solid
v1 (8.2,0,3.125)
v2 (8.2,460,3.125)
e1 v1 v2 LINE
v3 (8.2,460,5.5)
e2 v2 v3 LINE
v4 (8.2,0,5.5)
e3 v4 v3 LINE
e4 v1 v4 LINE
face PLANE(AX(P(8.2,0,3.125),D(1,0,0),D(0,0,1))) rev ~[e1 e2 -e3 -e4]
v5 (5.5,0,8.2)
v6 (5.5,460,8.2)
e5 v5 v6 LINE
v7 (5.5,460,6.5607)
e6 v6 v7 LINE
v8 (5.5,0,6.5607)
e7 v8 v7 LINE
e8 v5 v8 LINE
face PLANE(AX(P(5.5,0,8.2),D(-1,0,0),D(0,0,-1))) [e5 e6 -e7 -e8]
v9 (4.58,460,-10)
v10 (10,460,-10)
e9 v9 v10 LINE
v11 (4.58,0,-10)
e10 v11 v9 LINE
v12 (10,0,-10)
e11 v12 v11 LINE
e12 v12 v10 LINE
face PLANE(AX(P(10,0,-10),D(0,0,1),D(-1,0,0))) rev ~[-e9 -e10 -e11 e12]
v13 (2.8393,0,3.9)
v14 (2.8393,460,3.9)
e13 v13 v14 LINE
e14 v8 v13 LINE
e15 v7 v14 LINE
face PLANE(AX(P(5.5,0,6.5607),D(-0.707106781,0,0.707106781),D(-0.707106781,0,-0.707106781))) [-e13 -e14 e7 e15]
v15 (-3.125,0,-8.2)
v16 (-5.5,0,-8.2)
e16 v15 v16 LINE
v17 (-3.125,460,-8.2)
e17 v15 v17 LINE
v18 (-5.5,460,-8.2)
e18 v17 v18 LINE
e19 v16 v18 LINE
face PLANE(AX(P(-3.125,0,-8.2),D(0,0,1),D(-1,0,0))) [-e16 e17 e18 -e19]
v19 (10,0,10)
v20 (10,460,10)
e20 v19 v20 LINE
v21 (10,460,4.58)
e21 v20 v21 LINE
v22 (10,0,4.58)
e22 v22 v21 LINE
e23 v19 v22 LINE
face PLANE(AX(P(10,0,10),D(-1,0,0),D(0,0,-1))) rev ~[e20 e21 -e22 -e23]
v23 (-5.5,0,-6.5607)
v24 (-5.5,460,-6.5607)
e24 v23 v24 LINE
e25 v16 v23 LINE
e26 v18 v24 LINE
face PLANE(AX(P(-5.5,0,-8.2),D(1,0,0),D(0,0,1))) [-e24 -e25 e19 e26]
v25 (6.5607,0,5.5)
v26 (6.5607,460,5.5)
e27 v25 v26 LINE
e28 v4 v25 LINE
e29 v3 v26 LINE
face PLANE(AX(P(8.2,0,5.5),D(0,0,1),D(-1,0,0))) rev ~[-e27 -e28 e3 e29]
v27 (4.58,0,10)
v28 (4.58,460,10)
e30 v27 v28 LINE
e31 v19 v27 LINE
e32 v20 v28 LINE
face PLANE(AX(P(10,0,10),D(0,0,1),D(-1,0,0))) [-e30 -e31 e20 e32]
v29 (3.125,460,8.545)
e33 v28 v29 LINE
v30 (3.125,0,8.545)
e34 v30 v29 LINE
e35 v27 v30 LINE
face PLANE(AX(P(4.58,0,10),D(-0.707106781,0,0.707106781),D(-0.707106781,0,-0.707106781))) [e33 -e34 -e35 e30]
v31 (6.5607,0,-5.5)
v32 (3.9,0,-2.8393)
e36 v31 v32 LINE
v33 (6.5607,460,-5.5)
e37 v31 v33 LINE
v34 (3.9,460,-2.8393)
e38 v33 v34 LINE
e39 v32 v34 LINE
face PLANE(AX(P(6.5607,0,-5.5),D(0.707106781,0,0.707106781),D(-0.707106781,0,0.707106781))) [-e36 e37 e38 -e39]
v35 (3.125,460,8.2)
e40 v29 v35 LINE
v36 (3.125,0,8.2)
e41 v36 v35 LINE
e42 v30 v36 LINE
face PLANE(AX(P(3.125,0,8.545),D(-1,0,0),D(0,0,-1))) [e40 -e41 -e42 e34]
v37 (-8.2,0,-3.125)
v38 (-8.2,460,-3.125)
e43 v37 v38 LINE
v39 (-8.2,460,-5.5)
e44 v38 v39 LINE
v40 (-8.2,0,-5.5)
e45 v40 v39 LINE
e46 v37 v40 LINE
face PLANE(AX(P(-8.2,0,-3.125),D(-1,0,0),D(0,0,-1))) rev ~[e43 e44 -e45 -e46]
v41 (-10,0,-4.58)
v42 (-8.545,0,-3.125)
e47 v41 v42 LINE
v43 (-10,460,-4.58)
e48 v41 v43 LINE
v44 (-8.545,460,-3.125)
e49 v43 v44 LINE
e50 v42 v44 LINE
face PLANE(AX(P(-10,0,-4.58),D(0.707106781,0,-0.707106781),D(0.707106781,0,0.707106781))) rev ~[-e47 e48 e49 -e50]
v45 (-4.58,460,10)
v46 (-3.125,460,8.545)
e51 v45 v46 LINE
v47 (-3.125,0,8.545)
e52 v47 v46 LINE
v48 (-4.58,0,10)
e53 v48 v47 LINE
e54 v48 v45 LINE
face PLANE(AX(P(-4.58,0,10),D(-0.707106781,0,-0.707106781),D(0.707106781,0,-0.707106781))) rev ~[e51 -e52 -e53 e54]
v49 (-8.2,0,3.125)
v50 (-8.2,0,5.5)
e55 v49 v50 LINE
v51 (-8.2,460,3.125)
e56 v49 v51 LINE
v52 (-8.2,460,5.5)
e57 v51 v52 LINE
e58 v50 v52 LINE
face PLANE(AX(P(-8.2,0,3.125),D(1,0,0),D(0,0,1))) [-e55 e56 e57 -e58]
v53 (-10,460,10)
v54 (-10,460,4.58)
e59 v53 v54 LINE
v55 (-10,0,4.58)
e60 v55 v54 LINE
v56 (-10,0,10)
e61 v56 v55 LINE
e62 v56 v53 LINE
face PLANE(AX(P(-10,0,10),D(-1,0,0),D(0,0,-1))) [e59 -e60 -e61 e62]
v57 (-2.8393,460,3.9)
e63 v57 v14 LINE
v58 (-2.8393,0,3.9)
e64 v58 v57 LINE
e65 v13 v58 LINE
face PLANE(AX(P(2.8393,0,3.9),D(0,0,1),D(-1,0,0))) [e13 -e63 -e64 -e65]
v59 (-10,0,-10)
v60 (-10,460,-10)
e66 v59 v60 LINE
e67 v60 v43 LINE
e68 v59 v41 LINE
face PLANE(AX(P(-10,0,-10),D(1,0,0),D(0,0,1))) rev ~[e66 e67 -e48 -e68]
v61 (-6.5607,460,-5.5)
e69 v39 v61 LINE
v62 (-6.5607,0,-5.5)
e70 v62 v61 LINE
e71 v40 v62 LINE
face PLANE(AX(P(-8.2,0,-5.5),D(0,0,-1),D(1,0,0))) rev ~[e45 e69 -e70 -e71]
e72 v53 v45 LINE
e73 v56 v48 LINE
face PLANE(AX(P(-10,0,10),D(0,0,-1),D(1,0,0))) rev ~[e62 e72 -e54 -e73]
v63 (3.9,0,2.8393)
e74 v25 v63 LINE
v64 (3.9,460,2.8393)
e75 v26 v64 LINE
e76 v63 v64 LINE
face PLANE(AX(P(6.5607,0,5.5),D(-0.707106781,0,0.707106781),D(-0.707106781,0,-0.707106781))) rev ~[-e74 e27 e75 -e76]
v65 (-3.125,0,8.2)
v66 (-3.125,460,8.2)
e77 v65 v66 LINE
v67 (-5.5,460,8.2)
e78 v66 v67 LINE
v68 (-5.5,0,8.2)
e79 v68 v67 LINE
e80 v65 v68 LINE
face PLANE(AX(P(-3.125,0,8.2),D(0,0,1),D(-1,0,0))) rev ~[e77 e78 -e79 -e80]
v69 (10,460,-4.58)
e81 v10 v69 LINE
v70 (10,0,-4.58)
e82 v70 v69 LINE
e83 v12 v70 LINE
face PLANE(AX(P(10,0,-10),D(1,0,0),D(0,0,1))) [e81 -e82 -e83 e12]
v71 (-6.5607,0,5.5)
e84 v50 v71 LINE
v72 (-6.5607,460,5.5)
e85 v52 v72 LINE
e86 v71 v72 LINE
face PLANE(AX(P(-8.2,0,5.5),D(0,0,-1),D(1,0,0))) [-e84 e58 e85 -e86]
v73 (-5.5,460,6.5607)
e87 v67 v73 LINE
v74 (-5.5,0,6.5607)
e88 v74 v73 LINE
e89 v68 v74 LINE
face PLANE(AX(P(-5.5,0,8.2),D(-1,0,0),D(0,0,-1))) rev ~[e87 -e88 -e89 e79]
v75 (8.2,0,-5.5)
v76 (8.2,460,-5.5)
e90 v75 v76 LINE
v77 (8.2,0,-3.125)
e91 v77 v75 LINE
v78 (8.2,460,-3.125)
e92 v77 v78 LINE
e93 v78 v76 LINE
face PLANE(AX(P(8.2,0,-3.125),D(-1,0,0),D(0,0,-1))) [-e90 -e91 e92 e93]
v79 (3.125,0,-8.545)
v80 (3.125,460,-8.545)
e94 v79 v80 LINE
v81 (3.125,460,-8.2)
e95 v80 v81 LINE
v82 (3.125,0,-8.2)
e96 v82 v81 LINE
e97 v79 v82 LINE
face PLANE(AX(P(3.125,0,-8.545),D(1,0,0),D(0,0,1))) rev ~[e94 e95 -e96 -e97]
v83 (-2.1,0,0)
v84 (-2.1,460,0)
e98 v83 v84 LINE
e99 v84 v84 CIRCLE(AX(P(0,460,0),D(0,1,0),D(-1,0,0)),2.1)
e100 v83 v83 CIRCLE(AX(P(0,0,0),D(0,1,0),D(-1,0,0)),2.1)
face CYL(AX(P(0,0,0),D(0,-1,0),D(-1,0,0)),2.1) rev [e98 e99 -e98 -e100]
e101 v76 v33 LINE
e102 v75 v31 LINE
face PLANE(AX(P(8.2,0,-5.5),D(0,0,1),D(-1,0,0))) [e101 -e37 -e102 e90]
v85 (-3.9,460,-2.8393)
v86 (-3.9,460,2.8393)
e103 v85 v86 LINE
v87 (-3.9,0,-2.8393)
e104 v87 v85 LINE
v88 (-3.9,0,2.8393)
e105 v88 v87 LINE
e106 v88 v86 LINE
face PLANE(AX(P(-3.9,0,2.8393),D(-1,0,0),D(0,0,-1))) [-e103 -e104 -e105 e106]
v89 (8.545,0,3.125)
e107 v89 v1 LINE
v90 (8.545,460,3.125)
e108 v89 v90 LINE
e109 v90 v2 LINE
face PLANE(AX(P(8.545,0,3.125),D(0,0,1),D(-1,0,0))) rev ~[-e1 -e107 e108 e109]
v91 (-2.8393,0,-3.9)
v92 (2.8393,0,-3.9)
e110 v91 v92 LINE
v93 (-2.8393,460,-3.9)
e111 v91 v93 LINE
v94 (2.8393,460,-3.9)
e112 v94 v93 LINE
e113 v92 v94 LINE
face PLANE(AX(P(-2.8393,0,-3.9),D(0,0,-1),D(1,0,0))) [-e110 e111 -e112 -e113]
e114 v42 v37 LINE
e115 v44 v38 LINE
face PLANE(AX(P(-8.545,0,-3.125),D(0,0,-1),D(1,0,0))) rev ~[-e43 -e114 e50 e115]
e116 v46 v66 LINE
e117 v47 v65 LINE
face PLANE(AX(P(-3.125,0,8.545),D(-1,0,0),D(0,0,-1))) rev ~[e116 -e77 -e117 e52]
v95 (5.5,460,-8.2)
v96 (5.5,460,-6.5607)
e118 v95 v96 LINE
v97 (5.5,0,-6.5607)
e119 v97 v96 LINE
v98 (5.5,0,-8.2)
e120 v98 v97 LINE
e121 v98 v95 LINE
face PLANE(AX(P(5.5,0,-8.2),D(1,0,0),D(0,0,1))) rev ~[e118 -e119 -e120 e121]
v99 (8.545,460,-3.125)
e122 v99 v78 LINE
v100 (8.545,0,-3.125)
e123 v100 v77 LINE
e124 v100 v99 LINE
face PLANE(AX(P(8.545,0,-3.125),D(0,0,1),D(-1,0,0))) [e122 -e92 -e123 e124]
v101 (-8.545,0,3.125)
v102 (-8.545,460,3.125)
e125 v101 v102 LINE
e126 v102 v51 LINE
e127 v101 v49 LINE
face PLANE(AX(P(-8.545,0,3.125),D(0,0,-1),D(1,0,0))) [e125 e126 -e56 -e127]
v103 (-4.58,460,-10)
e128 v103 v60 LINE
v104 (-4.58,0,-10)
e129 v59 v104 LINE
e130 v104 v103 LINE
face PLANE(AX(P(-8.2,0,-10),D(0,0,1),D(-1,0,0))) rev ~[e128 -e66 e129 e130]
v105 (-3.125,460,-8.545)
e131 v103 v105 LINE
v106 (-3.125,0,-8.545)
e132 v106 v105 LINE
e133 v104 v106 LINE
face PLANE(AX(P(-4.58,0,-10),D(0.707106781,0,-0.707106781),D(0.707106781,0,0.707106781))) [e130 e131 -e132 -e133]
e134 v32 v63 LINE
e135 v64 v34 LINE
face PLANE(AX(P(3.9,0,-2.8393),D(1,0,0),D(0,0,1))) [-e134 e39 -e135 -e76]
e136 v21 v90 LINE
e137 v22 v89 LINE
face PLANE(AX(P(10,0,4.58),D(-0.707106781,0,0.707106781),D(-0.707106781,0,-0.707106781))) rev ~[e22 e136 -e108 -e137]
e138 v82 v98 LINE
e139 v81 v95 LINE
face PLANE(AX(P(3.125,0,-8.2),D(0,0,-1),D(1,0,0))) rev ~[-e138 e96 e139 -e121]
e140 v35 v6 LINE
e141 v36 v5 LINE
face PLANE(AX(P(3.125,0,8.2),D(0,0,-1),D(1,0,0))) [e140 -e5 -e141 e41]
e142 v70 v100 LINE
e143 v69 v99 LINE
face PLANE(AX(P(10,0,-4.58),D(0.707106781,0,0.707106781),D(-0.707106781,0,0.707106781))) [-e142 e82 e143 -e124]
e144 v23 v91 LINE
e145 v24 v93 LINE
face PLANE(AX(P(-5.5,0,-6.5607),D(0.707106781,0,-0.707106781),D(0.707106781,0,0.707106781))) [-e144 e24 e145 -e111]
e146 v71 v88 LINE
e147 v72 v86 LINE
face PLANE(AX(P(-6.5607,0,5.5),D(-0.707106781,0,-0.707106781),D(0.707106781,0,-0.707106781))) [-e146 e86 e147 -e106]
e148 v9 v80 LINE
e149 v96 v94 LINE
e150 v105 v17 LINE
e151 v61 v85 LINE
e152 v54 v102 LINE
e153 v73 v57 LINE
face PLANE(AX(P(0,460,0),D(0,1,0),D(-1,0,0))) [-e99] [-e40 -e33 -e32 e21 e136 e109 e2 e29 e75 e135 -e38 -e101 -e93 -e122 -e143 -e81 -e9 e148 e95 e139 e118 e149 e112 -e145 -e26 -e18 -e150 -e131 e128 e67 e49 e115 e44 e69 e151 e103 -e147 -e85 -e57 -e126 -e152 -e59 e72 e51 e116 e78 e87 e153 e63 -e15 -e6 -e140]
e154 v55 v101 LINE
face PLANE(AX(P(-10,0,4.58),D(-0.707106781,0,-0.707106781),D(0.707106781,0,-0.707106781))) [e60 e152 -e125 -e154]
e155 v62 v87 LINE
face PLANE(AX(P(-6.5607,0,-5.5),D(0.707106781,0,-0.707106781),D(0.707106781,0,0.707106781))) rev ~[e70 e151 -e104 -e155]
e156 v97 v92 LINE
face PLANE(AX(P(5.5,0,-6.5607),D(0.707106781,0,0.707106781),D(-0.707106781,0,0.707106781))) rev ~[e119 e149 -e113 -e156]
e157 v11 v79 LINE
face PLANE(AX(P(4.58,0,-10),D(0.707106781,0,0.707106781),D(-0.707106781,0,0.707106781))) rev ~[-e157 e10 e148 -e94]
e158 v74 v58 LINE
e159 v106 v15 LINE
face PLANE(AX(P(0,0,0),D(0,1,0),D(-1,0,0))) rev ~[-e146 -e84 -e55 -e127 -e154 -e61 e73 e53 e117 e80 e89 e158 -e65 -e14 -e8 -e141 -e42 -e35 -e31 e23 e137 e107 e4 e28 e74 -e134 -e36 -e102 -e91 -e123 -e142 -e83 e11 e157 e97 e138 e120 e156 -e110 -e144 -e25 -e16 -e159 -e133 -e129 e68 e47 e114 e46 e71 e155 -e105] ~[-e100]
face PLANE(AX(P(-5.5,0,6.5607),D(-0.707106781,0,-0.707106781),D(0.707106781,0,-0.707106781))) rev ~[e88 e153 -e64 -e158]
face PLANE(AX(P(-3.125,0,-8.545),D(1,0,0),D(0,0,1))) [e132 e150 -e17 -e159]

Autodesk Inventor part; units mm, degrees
ref_plane "YZ Plane" through (0, 0, 0) normal (1, 0, 0) x (0, 1, 0)
ref_plane "XZ Plane" through (0, 0, 0) normal (0, 1, 0) x (-1, 0, 0)
ref_plane "XY Plane" through (0, 0, 0) normal (0, 0, 1) x (1, 0, 0)
sketch "Sketch1" plane through (0, 0, 0) normal (0, 1, 0) x (-1, 0, 0)
  circle A0 centre (0, 0) radius 2.1
  line L0 (10, 10) -> (-10, 10) construction
  line L1 (-10, 10) -> (-10, -10) construction
  line L2 (-10, -10) -> (10, -10)
  line L3 (10, -10) -> (10, 10) construction
  line L4 (10, 10) -> (-10, -10) construction
  line L5 (-10, 10) -> (10, -10) construction
  line L6 (8.2, 10) -> (8.2, -10) construction
  line L7 (3.9, 10) -> (3.9, -10) construction
  line L8 (8.2, 3.125) -> (8.2, -3.125) construction
  line L9 (10, 4.58) -> (10, -4.58) construction
  line L10 (8.2, 5.5) -> (8.2, -5.5) construction
  line L11 (3.3697, 4.4303) -> (4.4303, 3.3697) construction
  line L12 (10, 10) -> (10, 4.58)
  line L13 (10, 4.58) -> (8.545, 3.125)
  line L14 (8.545, 3.125) -> (8.2, 3.125)
  line L15 (8.2, 3.125) -> (8.2, 5.5)
  line L16 (14, 0) -> (-14, 0) construction
  line L17 (8.2, 5.5) -> (6.5607, 5.5)
  line L18 (6.5607, 5.5) -> (3.9, 2.8393)
  line L19 (3.9, 2.8393) -> (3.9, 0)
  line L20 (10, -10) -> (10, -4.58)
  line L21 (10, -4.58) -> (8.545, -3.125)
  line L22 (8.545, -3.125) -> (8.2, -3.125)
  line L23 (8.2, -3.125) -> (8.2, -5.5)
  line L24 (8.2, -5.5) -> (6.5607, -5.5)
  line L25 (6.5607, -5.5) -> (3.9, -2.8393)
  line L26 (3.9, -2.8393) -> (3.9, 0)
  line L27 (-10, 10) -> (-4.58, 10)
  line L28 (-4.58, 10) -> (-3.125, 8.545)
  line L29 (-3.125, 8.2) -> (-5.5, 8.2)
  line L30 (-5.5, 8.2) -> (-5.5, 6.5607)
  line L31 (-5.5, 6.5607) -> (-2.8393, 3.9)
  line L32 (-2.8393, 3.9) -> (0, 3.9)
  line L33 (2.8393, 3.9) -> (0, 3.9)
  line L34 (5.5, 6.5607) -> (2.8393, 3.9)
  line L35 (5.5, 8.2) -> (5.5, 6.5607)
  line L36 (3.125, 8.2) -> (5.5, 8.2)
  line L37 (3.125, 8.545) -> (3.125, 8.2)
  line L38 (4.58, 10) -> (3.125, 8.545)
  line L39 (-3.125, 8.545) -> (-3.125, 8.2)
  line L40 (10, 10) -> (4.58, 10)
  line L41 (-10, -10) -> (-10, -4.58)
  line L42 (-10, -4.58) -> (-8.545, -3.125)
  line L43 (-8.2, -3.125) -> (-8.2, -5.5)
  line L44 (-8.2, -5.5) -> (-6.5607, -5.5)
  line L45 (-6.5607, -5.5) -> (-3.9, -2.8393)
  line L46 (-3.9, -2.8393) -> (-3.9, 0)
  line L47 (-3.9, 2.8393) -> (-3.9, 0)
  line L48 (-6.5607, 5.5) -> (-3.9, 2.8393)
  line L49 (-8.2, 5.5) -> (-6.5607, 5.5)
  line L50 (-8.2, 3.125) -> (-8.2, 5.5)
  line L51 (-8.545, 3.125) -> (-8.2, 3.125)
  line L52 (-10, 4.58) -> (-8.545, 3.125)
  line L53 (-8.545, -3.125) -> (-8.2, -3.125)
  line L54 (-10, 10) -> (-10, 4.58)
  line L55 (10, -10) -> (4.58, -10) construction
  line L56 (4.58, -10) -> (3.125, -8.545)
  line L57 (3.125, -8.2) -> (5.5, -8.2)
  line L58 (5.5, -8.2) -> (5.5, -6.5607)
  line L59 (5.5, -6.5607) -> (2.8393, -3.9)
  line L60 (2.8393, -3.9) -> (0, -3.9)
  line L61 (-2.8393, -3.9) -> (0, -3.9)
  line L62 (-5.5, -6.5607) -> (-2.8393, -3.9)
  line L63 (-5.5, -8.2) -> (-5.5, -6.5607)
  line L64 (-3.125, -8.2) -> (-5.5, -8.2)
  line L65 (-3.125, -8.545) -> (-3.125, -8.2)
  line L66 (-4.58, -10) -> (-3.125, -8.545)
  line L67 (3.125, -8.545) -> (3.125, -8.2)
  line L68 (-10, -10) -> (-4.58, -10) construction
  line L69 (5.5, -6.5607) -> (6.2393, -7.3)
  line L70 (6.2393, -7.3) -> (8.2, -7.3)
  line L71 (0, -10) -> (0, -9) construction
  line L72 (-5.5, -6.5607) -> (-6.2393, -7.3)
  line L73 (-6.2393, -7.3) -> (-8.2, -7.3)
  line L74 (8.2, -7.3) -> (8.2, -10)
  line L75 (-8.2, -7.3) -> (-8.2, -10)
  circle A1 centre (0, -20) radius 2.1
  line L76 (10, -30) -> (10, -24.58)
  line L77 (10, -24.58) -> (8.545, -23.125)
  line L78 (8.545, -23.125) -> (8.2, -23.125)
  line L79 (8.2, -23.125) -> (8.2, -25.5)
  line L80 (8.2, -25.5) -> (6.5607, -25.5)
  line L81 (6.5607, -25.5) -> (3.9, -22.8393)
  line L82 (3.9, -22.8393) -> (3.9, -20)
  line L83 (10, -10) -> (10, -15.42)
  line L84 (10, -15.42) -> (8.545, -16.875)
  line L85 (8.2, -16.875) -> (8.2, -14.5)
  line L86 (8.2, -14.5) -> (6.5607, -14.5)
  line L87 (6.5607, -14.5) -> (3.9, -17.1607)
  line L88 (3.9, -17.1607) -> (3.9, -20)
  line L89 (-10, -30) -> (-4.58, -30)
  line L90 (-4.58, -30) -> (-3.125, -28.545)
  line L91 (-3.125, -28.2) -> (-5.5, -28.2)
  line L92 (-5.5, -28.2) -> (-5.5, -26.5607)
  line L93 (-5.5, -26.5607) -> (-2.8393, -23.9)
  line L94 (-2.8393, -23.9) -> (0, -23.9)
  line L95 (2.8393, -23.9) -> (0, -23.9)
  line L96 (5.5, -26.5607) -> (2.8393, -23.9)
  line L97 (5.5, -28.2) -> (5.5, -26.5607)
  line L98 (3.125, -28.2) -> (5.5, -28.2)
  line L99 (3.125, -28.545) -> (3.125, -28.2)
  line L100 (4.58, -30) -> (3.125, -28.545)
  line L101 (-3.125, -28.545) -> (-3.125, -28.2)
  line L102 (10, -30) -> (4.58, -30)
  line L103 (-10, -10) -> (-10, -15.42)
  line L104 (-10, -15.42) -> (-8.545, -16.875)
  line L105 (-8.2, -16.875) -> (-8.2, -14.5)
  line L106 (-8.2, -14.5) -> (-6.5607, -14.5)
  line L107 (-6.5607, -14.5) -> (-3.9, -17.1607)
  line L108 (-3.9, -17.1607) -> (-3.9, -20)
  line L109 (-3.9, -22.8393) -> (-3.9, -20)
  line L110 (-6.5607, -25.5) -> (-3.9, -22.8393)
  line L111 (-8.2, -25.5) -> (-6.5607, -25.5)
  line L112 (-8.2, -23.125) -> (-8.2, -25.5)
  line L113 (-8.545, -23.125) -> (-8.2, -23.125)
  line L114 (-10, -24.58) -> (-8.545, -23.125)
  line L115 (-8.545, -16.875) -> (-8.2, -16.875)
  line L116 (-10, -30) -> (-10, -24.58)
  line L117 (5.5, -13.4393) -> (2.8393, -16.1)
  line L118 (2.8393, -16.1) -> (0, -16.1)
  line L119 (-2.8393, -16.1) -> (0, -16.1)
  line L120 (-5.5, -13.4393) -> (-2.8393, -16.1)
  line L121 (5.5, -13.4393) -> (6.2393, -12.7)
  line L122 (6.2393, -12.7) -> (8.2, -12.7)
  line L123 (-5.5, -13.4393) -> (-6.2393, -12.7)
  line L124 (-6.2393, -12.7) -> (-8.2, -12.7)
  line L125 (8.2, -12.7) -> (8.2, -10)
  line L126 (-8.2, -12.7) -> (-8.2, -10)
  line L127 (8.545, -16.875) -> (8.2, -16.875)
  point P0 (10, 0)
  point P1 (8.2, 0)
  point P2 (3.9, 3.9)
  point P3 (-3.3697, 4.4303)
  point P4 (-4.4303, -3.3697)
  point P5 (3.3697, -4.4303)
  dimension "d0" = 4.2
  dimension "d1" = 20
  dimension "d2" = 20
  dimension "d3" = 1.8
  dimension "d4" = 4.3
  dimension "d5" = 6.25
  dimension "d6" = 9.16
  dimension "d7" = 11
  dimension "d8" = 1.5
  dimension "d9" = 45
  dimension "d12" = 360
  dimension "d17" = 1.8
  dimension "d18" = 1
extrude "Extrusion1" add sketch "Sketch1" along normal blind 460 contours L41 L42 L53 L43 L44 L45 L46 L47 L48 L49 L50 L51 L52 L54 L27 L28 L39 L29 L30 L31 L32 L33 L34 L35 L36 L37 L38 L40 L12 L13 L14 L15 L17 L18 L19 L26 L25 L24 L23 L22 L21 L20 L2 L74 L70 L69 L59 L60 L61 L62 L72 L73 L75 | L75 L73 L72 L63 L64 L65 L66 L2 | L56 L67 L57 L58 L69 L70 L74 L2
ref_plane "Work Plane1" through (-2.8393, 0, 0) normal (0, 0, -1) x (-1, 0, 0)
ref_plane "Work Plane2" through (0, 0, 4.58) normal (1, 0, 0) x (0, 0, -1)
ref_plane "Work Plane3" through (0, 230, 0) normal (0, 1, 0) x (1, 0, 0)
ref_plane "Work Plane4" through (-4.58, 0, 0) normal (0, 0, 1) x (1, 0, 0)
ref_plane "Work Plane5" through (0, 230, 0) normal (0, -1, 0) x (1, 0, 0)
ref_plane "Work Plane6" through (10, 0, 0) normal (0, 0, 1) x (1, 0, 0)
ref_plane "Work Plane7" through (0, 0, 4.58) normal (1, 0, 0) x (0, 0, -1)
properties part number "VSLOT 2020 Extrusion" material "Aluminum 6061"
